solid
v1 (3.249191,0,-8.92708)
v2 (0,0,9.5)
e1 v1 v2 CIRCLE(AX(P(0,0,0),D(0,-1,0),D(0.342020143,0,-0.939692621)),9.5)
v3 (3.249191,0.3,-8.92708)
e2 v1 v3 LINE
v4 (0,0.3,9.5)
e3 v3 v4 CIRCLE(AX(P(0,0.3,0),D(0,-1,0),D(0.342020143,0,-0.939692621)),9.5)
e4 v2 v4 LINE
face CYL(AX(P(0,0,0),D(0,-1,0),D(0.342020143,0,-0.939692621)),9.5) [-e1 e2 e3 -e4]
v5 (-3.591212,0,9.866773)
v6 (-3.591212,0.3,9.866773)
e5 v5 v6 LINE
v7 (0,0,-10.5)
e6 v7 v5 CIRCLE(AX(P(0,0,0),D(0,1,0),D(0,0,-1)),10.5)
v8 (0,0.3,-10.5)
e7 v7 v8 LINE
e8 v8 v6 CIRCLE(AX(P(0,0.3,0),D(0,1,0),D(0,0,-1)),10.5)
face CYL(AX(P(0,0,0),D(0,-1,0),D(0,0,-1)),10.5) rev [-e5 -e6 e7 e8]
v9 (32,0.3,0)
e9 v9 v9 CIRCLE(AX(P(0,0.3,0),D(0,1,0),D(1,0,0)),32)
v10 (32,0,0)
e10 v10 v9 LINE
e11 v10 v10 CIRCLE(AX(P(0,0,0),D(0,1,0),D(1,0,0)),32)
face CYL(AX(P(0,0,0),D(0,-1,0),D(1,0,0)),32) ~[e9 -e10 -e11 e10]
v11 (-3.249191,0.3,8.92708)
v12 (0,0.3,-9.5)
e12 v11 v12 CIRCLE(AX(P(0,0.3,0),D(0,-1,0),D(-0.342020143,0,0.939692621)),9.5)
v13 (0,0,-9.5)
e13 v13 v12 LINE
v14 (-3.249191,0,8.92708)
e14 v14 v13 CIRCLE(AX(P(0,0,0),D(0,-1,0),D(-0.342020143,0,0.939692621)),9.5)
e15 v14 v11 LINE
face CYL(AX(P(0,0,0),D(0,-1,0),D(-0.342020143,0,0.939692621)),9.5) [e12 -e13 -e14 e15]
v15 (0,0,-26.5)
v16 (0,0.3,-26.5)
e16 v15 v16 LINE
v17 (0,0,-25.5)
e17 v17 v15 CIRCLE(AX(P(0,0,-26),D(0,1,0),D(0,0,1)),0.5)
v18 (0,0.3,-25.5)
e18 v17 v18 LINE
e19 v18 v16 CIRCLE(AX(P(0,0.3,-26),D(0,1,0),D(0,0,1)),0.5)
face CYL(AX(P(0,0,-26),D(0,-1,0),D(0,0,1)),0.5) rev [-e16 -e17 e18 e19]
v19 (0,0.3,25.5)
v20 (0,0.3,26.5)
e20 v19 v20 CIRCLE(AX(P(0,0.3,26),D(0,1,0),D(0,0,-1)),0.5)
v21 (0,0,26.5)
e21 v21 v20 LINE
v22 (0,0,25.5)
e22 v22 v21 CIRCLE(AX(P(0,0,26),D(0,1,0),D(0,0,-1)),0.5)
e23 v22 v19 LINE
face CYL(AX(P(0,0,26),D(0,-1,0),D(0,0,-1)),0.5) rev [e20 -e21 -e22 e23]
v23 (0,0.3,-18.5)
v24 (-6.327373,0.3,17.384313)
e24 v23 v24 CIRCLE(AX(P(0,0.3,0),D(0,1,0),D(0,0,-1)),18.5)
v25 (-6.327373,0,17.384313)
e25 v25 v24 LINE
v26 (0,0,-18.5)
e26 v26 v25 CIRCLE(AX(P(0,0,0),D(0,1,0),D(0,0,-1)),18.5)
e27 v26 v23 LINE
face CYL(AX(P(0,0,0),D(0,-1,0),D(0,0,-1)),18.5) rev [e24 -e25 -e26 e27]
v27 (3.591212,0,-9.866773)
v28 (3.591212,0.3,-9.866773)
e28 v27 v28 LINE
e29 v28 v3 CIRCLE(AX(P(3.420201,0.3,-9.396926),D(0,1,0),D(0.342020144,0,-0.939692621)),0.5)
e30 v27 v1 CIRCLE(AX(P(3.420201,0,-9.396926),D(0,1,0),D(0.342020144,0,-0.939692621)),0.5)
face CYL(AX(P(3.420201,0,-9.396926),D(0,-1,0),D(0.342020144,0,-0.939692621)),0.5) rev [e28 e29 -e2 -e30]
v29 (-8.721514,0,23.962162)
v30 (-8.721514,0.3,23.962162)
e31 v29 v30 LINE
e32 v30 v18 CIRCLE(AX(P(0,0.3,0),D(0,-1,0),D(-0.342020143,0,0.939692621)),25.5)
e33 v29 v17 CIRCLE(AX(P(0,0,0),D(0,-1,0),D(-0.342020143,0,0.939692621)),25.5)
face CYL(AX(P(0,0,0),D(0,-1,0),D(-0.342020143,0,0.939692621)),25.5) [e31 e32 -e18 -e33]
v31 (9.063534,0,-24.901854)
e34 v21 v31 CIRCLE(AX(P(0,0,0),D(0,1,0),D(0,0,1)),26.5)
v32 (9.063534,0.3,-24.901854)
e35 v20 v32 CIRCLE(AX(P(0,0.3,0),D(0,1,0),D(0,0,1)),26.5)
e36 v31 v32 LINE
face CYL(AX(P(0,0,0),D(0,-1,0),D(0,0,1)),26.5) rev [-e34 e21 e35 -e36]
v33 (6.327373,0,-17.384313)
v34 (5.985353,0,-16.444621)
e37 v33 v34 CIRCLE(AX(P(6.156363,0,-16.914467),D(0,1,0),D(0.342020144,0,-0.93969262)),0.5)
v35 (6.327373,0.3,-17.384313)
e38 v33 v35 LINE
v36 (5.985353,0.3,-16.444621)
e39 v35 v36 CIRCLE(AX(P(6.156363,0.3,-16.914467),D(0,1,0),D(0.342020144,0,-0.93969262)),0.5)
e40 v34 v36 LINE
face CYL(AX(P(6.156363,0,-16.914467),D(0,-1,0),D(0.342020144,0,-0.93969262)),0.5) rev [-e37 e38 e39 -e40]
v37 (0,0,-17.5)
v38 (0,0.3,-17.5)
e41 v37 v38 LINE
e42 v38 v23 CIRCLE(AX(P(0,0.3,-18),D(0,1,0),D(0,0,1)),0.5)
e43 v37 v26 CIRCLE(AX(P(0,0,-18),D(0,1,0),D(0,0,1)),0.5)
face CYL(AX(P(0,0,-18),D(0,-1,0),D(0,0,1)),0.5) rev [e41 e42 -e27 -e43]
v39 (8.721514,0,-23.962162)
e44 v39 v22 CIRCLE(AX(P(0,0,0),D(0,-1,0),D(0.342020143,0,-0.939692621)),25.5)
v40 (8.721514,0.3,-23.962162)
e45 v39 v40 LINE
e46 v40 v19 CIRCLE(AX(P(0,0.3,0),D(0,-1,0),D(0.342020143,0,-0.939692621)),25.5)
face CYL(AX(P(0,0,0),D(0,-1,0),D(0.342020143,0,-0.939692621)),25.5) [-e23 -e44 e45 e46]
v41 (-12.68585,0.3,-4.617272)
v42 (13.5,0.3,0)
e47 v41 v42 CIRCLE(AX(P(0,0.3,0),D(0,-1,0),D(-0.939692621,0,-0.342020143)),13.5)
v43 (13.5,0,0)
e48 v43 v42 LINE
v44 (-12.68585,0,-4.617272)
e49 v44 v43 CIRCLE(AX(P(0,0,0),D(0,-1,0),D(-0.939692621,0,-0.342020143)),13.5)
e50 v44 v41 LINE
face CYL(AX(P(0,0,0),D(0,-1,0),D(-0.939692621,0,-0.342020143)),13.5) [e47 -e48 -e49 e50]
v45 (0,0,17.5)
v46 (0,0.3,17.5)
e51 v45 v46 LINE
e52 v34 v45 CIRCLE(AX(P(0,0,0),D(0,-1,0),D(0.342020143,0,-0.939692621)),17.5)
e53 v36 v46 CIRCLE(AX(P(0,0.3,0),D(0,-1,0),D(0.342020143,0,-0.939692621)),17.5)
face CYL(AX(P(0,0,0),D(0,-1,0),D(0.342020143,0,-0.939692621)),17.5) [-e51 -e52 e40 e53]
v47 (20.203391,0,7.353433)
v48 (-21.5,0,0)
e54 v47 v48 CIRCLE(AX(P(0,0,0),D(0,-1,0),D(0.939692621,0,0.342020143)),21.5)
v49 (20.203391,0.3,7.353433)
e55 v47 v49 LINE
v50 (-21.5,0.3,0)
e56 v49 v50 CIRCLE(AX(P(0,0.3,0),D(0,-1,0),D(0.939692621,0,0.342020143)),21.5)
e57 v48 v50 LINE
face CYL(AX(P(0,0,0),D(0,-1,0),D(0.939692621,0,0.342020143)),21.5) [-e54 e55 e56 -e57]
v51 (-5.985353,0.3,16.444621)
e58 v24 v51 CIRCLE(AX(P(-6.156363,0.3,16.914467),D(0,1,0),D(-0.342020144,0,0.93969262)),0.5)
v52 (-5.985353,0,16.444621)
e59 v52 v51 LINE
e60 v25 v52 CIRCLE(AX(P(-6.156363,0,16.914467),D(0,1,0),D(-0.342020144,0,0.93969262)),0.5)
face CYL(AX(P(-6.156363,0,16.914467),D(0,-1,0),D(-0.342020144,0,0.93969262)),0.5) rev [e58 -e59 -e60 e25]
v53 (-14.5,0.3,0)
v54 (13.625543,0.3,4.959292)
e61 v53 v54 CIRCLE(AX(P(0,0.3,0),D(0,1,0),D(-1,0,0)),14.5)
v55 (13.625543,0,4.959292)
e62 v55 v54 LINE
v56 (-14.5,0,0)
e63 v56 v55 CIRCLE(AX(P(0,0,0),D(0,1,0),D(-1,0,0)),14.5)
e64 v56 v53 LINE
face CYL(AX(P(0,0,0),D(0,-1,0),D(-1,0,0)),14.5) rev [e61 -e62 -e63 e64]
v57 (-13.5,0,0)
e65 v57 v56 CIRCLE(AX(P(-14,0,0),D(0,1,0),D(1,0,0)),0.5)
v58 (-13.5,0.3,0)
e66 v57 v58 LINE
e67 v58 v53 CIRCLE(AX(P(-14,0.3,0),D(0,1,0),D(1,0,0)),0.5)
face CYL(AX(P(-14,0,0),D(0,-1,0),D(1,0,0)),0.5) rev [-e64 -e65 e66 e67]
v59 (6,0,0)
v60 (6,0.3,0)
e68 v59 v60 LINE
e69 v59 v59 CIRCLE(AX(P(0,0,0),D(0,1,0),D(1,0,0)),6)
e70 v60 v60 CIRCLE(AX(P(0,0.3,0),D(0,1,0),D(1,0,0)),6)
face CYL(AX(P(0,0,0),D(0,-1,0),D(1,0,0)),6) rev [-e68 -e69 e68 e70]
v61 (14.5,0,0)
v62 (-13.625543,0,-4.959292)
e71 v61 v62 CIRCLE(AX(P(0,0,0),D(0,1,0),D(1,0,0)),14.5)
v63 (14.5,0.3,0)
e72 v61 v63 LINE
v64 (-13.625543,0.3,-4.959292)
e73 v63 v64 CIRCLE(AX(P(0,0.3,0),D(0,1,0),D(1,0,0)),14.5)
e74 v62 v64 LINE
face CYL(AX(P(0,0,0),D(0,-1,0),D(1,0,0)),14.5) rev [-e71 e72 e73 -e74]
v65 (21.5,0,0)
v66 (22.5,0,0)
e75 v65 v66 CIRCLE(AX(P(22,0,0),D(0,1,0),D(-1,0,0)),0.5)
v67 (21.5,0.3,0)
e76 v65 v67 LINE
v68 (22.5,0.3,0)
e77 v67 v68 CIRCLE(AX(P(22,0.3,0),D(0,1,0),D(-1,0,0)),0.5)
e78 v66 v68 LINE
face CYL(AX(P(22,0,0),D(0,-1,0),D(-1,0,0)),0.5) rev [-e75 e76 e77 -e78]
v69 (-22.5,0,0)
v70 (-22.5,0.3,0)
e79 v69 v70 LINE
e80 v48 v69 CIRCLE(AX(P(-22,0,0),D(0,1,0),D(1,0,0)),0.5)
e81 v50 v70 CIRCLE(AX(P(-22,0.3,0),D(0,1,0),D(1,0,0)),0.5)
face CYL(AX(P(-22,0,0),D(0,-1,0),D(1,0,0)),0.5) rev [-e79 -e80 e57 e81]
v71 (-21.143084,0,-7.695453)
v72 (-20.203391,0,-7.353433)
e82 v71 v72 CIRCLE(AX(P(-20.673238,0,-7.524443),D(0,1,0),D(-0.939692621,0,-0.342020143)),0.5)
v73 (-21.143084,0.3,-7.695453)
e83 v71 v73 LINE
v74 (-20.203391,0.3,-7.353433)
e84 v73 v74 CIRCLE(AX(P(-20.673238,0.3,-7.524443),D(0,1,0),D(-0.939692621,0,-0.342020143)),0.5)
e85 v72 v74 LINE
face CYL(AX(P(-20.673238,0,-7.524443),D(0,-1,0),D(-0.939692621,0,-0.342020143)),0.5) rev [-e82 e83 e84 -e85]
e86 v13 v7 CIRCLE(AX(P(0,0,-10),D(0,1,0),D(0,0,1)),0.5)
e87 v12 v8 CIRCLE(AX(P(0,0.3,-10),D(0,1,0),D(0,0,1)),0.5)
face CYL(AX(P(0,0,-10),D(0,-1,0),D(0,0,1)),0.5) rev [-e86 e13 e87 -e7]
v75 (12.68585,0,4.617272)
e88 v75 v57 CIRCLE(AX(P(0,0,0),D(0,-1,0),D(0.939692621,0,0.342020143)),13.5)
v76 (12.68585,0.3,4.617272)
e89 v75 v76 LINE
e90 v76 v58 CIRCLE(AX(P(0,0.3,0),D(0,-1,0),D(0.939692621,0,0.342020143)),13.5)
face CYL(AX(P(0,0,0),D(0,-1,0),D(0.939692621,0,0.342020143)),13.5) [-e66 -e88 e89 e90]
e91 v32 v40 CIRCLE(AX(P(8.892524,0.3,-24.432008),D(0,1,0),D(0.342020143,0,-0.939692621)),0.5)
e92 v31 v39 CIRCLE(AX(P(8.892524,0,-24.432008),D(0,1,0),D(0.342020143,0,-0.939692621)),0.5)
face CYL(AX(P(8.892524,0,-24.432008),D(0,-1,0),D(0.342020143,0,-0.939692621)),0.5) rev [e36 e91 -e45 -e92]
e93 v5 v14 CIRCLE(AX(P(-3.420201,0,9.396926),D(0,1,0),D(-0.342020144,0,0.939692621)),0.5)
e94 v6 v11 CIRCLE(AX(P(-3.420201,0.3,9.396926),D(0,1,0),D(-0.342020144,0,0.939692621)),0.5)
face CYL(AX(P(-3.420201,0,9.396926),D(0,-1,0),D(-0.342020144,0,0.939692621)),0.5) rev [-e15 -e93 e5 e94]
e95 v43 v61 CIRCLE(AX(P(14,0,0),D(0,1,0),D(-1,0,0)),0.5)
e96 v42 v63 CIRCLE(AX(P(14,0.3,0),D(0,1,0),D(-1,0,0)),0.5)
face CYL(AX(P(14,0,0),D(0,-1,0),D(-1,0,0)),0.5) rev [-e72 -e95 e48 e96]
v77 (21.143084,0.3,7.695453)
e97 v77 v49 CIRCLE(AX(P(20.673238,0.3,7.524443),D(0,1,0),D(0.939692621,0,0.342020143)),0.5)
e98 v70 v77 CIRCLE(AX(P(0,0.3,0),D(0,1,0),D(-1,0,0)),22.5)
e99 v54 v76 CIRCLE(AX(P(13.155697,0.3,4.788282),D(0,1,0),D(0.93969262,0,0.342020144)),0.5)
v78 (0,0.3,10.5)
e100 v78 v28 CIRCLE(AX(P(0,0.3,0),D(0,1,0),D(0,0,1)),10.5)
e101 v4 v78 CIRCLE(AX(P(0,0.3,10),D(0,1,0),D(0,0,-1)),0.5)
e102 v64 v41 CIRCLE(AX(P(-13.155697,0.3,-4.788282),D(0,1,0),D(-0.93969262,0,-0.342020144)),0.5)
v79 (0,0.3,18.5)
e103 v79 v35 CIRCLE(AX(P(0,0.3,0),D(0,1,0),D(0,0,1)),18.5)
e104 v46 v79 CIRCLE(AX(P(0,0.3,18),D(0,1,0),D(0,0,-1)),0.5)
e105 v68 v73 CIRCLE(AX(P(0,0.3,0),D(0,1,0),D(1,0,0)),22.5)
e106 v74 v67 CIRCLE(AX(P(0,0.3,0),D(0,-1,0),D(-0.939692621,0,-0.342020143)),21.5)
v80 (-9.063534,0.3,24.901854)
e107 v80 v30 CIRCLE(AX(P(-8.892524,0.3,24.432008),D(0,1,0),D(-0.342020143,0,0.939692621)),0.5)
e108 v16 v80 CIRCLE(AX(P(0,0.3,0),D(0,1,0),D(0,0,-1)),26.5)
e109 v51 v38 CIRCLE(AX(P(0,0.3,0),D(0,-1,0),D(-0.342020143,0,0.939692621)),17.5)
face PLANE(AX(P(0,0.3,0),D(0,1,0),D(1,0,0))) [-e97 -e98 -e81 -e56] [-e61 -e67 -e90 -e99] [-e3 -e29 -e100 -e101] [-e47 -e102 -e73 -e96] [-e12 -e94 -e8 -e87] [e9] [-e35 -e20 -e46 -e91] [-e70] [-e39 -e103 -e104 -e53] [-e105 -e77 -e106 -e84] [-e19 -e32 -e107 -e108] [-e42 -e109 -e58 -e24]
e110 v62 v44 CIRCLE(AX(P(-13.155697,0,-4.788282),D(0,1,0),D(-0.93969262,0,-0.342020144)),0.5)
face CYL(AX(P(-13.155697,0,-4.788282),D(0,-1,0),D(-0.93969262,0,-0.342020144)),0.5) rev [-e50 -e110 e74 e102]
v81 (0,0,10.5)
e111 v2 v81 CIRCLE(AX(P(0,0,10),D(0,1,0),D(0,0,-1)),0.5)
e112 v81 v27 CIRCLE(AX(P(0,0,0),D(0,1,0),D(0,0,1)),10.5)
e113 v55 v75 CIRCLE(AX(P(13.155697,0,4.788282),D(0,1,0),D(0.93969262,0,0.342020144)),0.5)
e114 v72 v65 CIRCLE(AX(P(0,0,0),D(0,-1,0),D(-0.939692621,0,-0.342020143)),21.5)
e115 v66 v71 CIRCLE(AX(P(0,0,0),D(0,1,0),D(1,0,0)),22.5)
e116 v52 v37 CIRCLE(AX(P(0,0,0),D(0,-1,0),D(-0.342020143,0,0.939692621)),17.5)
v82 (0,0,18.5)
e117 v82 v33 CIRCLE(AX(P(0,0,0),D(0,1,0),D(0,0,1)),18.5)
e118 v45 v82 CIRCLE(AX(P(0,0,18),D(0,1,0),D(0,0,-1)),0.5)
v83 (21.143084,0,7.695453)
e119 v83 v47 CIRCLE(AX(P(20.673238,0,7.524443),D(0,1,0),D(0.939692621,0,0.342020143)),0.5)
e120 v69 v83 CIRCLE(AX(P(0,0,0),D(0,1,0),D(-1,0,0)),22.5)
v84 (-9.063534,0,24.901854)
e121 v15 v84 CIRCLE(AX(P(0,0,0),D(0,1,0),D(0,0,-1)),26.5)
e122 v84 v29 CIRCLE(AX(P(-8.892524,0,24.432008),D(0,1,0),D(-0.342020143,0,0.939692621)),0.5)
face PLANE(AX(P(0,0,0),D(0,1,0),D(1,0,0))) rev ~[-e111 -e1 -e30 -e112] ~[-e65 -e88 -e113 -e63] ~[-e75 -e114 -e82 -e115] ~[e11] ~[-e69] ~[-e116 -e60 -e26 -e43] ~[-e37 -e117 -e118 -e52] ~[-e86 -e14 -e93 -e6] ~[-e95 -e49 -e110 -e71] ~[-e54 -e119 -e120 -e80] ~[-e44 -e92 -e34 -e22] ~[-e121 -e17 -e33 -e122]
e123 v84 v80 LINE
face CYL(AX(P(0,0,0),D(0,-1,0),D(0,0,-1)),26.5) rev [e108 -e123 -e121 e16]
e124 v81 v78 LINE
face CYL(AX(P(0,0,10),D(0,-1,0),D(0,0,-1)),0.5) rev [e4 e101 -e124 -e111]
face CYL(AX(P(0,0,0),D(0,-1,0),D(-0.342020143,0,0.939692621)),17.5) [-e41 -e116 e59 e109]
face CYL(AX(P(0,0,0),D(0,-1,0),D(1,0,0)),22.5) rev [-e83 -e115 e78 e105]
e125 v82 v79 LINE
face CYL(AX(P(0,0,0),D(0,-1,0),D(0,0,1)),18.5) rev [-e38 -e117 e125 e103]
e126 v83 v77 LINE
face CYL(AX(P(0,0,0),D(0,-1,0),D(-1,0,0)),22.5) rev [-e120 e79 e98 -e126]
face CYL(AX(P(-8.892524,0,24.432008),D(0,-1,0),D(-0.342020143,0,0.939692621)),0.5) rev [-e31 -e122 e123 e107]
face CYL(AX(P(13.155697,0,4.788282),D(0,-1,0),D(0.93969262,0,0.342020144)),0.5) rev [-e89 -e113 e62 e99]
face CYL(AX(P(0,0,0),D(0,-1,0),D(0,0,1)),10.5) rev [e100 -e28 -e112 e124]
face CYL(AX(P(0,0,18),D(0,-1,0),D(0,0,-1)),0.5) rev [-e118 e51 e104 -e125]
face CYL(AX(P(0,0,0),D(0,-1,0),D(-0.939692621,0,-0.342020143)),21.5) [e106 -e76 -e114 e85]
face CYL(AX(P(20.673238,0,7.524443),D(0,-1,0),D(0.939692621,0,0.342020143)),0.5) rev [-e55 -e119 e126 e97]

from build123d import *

# Parameters (mm, degrees)
SKETCH1_R           = 32
SKETCH1_R_2         = 6
BOSS_EXTRUDE1_DEPTH = 0.3


with BuildPart() as part:
    # Sketch1 → Boss-Extrude1 (new body)
    with BuildSketch(Plane(origin=(0, 0, 0), x_dir=(1, 0, 0), z_dir=(0, 1, 0))):
        Circle(SKETCH1_R)
        Circle(SKETCH1_R_2, mode=Mode.SUBTRACT)
        with BuildLine():
            ThreePointArc((0, 26.5), (-26.097405455, 4.601676708), (-9.063533798, -24.901854451))
            ThreePointArc((-9.063533798, -24.901854451), (-8.422677416, -24.603018212), (-8.721513655, -23.96216183))
            ThreePointArc((-8.721513655, -23.96216183), (-25.112597702, 4.428028531), (0, 25.5))
            ThreePointArc((0, 25.5), (0.5, 26), (0, 26.5))
        make_face(mode=Mode.SUBTRACT)
        with BuildLine():
            ThreePointArc((22.5, 0), (3.907083998, 22.158174443), (-21.143083968, 7.695453225))
            ThreePointArc((-21.143083968, 7.695453225), (-20.844247729, 7.054596843), (-20.203391347, 7.353433082))
            ThreePointArc((-20.203391347, 7.353433082), (3.73343582, 21.17336669), (21.5, 0))
            ThreePointArc((21.5, 0), (22, -0.5), (22.5, 0))
        make_face(mode=Mode.SUBTRACT)
        with BuildLine():
            ThreePointArc((0, -26.5), (26.097405455, -4.601676708), (9.063533798, 24.901854451))
            ThreePointArc((9.063533798, 24.901854451), (8.422677416, 24.603018212), (8.721513655, 23.96216183))
            ThreePointArc((8.721513655, 23.96216183), (25.112597702, -4.428028531), (0, -25.5))
            ThreePointArc((0, -25.5), (-0.5, -26), (0, -26.5))
        make_face(mode=Mode.SUBTRACT)
        with BuildLine():
            ThreePointArc((0, 18.5), (-18.218943431, 3.212491287), (-6.327372652, -17.384313485))
            ThreePointArc((-6.327372652, -17.384313485), (-5.686516269, -17.085477246), (-5.985352508, -16.444620864))
            ThreePointArc((-5.985352508, -16.444620864), (-17.234135678, 3.038843109), (0, 17.5))
            ThreePointArc((0, 17.5), (0.5, 18), (0, 18.5))
        make_face(mode=Mode.SUBTRACT)
        with BuildLine():
            ThreePointArc((14.5, 0), (2.517898576, 14.279712419), (-13.625543001, 4.959292078))
            ThreePointArc((-13.625543001, 4.959292078), (-13.326706763, 4.318435696), (-12.685850381, 4.617271935))
            ThreePointArc((-12.685850381, 4.617271935), (2.344250399, 13.294904666), (13.5, 0))
            ThreePointArc((13.5, 0), (14, -0.5), (14.5, 0))
        make_face(mode=Mode.SUBTRACT)
        with BuildLine():
            ThreePointArc((0, -18.5), (18.218943431, -3.212491287), (6.327372652, 17.384313485))
            ThreePointArc((6.327372652, 17.384313485), (5.686516269, 17.085477246), (5.985352508, 16.444620864))
            ThreePointArc((5.985352508, 16.444620864), (17.234135678, -3.038843109), (0, -17.5))
            ThreePointArc((0, -17.5), (-0.5, -18), (0, -18.5))
        make_face(mode=Mode.SUBTRACT)
        with BuildLine():
            ThreePointArc((0, 10.5), (-10.340481407, 1.823305866), (-3.591211505, -9.866772518))
            ThreePointArc((-3.591211505, -9.866772518), (-2.950355123, -9.56793628), (-3.249191362, -8.927079897))
            ThreePointArc((-3.249191362, -8.927079897), (-9.355673654, 1.649657688), (0, 9.5))
            ThreePointArc((0, 9.5), (0.5, 10), (0, 10.5))
        make_face(mode=Mode.SUBTRACT)
        with BuildLine():
            ThreePointArc((0, -10.5), (10.340481407, -1.823305866), (3.591211505, 9.866772518))
            ThreePointArc((3.591211505, 9.866772518), (2.950355123, 9.56793628), (3.249191362, 8.927079897))
            ThreePointArc((3.249191362, 8.927079897), (9.355673654, -1.649657688), (0, -9.5))
            ThreePointArc((0, -9.5), (-0.5, -10), (0, -10.5))
        make_face(mode=Mode.SUBTRACT)
        with BuildLine():
            ThreePointArc((-14.5, 0), (-2.517898576, -14.279712419), (13.625543001, -4.959292078))
            ThreePointArc((13.625543001, -4.959292078), (13.326706763, -4.318435696), (12.685850381, -4.617271935))
            ThreePointArc((12.685850381, -4.617271935), (-2.344250399, -13.294904666), (-13.5, 0))
            ThreePointArc((-13.5, 0), (-14, 0.5), (-14.5, 0))
        make_face(mode=Mode.SUBTRACT)
        with BuildLine():
            ThreePointArc((-22.5, 0), (-3.907083998, -22.158174443), (21.143083968, -7.695453225))
            ThreePointArc((21.143083968, -7.695453225), (20.844247729, -7.054596843), (20.203391347, -7.353433082))
            ThreePointArc((20.203391347, -7.353433082), (-3.73343582, -21.17336669), (-21.5, 0))
            ThreePointArc((-21.5, 0), (-22, 0.5), (-22.5, 0))
        make_face(mode=Mode.SUBTRACT)
    extrude(amount=BOSS_EXTRUDE1_DEPTH)


solid = part.part
